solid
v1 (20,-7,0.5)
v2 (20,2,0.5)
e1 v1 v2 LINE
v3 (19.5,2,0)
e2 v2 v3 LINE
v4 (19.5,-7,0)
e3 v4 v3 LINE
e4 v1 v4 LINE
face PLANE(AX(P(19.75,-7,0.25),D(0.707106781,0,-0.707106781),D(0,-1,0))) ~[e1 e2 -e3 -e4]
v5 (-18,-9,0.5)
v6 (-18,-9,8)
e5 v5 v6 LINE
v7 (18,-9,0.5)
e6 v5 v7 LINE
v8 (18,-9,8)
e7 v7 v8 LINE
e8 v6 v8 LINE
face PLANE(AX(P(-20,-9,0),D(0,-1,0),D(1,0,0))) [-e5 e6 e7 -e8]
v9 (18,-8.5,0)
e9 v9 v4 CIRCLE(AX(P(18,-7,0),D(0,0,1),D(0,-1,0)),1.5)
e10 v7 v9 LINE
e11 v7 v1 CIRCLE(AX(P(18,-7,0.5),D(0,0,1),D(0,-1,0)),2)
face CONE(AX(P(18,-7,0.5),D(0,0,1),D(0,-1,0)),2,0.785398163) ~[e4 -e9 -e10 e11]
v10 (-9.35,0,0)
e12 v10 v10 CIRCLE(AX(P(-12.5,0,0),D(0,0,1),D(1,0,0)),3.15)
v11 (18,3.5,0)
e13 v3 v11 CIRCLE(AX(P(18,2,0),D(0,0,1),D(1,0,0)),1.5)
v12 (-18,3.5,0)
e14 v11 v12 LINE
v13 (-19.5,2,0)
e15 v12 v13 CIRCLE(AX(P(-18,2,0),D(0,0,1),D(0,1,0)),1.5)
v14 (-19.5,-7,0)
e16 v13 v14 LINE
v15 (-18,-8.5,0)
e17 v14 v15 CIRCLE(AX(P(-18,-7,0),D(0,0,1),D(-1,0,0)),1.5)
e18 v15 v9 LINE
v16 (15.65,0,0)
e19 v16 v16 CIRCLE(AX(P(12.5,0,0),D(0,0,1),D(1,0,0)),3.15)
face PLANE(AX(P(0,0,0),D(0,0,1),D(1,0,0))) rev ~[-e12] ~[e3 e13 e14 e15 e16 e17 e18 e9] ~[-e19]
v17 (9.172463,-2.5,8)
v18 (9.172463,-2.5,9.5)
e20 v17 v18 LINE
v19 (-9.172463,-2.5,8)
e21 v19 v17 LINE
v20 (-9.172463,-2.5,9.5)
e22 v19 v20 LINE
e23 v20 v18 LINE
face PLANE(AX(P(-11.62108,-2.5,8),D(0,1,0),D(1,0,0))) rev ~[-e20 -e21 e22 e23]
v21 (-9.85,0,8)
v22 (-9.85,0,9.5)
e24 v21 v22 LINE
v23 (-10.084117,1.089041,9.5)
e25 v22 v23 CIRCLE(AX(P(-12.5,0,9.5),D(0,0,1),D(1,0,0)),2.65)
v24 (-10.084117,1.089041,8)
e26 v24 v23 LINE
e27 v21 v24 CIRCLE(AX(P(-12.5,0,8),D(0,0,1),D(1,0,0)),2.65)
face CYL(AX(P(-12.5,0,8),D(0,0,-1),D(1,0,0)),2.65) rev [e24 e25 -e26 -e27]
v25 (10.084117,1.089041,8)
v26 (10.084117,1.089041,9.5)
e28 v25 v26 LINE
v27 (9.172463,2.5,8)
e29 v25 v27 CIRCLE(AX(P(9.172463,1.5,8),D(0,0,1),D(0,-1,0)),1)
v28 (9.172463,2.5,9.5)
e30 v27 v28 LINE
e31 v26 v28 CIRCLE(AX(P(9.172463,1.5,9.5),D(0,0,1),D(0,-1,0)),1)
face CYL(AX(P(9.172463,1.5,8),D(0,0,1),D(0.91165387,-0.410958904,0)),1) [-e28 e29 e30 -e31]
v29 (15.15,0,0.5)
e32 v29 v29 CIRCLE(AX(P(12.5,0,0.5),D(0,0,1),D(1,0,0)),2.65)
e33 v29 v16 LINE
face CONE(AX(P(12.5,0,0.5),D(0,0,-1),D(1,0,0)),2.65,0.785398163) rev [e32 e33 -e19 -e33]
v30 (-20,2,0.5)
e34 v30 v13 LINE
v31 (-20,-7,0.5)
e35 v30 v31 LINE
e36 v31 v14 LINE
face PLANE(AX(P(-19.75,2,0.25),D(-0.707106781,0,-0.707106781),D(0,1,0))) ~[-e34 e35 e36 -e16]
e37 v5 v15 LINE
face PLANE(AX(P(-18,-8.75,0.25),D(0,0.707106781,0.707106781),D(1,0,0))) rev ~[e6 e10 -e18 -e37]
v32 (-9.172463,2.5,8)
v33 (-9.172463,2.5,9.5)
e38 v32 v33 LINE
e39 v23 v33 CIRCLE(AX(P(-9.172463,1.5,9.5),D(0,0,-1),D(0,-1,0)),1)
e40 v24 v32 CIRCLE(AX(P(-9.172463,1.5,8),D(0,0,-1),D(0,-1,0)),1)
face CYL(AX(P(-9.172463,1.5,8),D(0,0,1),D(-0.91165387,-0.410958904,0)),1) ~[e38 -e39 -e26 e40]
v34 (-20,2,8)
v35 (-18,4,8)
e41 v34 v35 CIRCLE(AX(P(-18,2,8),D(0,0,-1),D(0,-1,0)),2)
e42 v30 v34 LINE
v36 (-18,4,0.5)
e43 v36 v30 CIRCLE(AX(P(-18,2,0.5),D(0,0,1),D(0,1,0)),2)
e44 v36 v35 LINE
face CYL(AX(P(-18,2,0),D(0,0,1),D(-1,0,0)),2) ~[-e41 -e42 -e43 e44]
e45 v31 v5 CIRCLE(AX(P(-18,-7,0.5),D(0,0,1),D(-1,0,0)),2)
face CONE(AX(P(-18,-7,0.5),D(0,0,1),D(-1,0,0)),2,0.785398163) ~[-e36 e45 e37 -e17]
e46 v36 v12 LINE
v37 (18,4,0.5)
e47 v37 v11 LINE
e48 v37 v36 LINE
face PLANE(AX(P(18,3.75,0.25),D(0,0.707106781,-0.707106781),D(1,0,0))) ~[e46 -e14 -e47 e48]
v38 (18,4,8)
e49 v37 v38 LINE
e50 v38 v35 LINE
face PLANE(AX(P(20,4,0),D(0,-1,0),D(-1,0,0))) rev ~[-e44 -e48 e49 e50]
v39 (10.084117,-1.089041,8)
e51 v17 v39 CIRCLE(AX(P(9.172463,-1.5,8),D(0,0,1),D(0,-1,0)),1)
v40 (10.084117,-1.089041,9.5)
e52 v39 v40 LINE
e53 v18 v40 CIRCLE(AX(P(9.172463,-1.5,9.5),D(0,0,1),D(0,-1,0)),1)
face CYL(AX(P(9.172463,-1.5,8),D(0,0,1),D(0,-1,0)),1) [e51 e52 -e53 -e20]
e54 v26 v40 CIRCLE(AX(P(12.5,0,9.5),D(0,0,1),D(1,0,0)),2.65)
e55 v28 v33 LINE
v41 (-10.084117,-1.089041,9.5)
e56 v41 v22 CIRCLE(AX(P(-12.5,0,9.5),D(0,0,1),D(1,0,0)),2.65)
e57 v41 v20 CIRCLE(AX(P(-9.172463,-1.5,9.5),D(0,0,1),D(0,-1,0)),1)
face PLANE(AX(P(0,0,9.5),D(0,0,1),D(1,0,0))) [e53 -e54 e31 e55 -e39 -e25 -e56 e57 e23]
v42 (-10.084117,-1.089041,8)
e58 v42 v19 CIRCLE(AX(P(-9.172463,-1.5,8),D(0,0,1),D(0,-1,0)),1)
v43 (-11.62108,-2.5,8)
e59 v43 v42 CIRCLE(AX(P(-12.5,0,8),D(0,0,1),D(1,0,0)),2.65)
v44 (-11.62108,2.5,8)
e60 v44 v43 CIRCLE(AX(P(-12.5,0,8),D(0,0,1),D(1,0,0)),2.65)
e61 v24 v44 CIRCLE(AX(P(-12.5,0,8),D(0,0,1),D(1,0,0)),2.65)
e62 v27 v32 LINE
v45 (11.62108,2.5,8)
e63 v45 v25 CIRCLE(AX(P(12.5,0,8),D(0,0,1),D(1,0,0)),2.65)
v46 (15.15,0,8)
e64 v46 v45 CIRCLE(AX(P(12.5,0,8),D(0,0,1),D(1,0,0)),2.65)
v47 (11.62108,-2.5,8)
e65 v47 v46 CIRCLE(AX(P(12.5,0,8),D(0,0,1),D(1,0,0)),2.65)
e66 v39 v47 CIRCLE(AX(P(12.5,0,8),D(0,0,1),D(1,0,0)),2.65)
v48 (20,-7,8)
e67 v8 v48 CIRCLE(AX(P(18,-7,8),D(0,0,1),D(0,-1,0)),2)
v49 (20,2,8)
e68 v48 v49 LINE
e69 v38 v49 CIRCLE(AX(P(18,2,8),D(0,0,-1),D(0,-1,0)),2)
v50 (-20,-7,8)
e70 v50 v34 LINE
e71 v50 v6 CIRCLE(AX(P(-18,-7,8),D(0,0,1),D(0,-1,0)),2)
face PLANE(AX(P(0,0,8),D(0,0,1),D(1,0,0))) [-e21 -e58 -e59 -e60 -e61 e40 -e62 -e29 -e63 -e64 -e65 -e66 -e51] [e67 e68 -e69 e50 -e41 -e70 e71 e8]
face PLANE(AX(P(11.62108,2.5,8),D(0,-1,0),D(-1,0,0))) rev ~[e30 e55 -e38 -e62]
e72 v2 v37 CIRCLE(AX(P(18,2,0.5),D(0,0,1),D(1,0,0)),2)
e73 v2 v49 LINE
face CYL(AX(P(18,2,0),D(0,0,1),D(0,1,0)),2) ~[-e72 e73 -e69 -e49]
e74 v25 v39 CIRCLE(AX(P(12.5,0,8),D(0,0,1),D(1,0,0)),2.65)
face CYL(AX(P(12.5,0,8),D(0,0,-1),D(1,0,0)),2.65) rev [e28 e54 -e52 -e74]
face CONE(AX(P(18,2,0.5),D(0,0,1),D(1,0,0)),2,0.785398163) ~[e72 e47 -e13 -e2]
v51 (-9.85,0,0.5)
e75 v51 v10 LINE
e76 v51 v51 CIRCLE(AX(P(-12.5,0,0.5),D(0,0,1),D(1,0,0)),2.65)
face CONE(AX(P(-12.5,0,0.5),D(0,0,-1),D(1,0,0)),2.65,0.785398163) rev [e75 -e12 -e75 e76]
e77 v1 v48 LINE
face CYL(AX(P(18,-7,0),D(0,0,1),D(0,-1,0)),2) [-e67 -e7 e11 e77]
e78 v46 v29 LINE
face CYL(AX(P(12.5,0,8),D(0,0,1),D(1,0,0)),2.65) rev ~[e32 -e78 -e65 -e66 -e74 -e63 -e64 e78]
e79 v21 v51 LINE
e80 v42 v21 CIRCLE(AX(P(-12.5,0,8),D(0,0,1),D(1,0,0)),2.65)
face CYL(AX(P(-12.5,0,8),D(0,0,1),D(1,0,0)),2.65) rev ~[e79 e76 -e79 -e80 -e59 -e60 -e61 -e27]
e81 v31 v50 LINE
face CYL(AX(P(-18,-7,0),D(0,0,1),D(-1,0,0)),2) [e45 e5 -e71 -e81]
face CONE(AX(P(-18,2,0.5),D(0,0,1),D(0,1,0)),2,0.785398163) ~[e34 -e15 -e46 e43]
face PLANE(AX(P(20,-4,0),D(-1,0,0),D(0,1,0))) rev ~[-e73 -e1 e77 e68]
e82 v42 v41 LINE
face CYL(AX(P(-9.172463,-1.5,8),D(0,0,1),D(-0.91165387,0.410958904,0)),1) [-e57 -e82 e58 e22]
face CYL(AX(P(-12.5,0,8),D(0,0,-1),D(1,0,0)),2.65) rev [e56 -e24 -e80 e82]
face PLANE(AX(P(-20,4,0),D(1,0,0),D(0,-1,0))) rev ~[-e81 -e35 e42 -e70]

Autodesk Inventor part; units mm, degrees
ref_plane "YZ Plane" through (0, 0, 0) normal (1, 0, 0) x (0, 1, 0)
ref_plane "XZ Plane" through (0, 0, 0) normal (0, 1, 0) x (-1, 0, 0)
ref_plane "XY Plane" through (0, 0, 0) normal (0, 0, 1) x (1, 0, 0)
sketch "Sketch1" plane through (0, 0, 0) normal (0, 0, 1) x (1, 0, 0)
  line L0 (-20, -4) -> (20, -4)
  line L1 (20, -4) -> (20, 4)
  line L2 (20, 4) -> (-20, 4)
  line L3 (-20, 4) -> (-20, -4)
  line L4 (-20, -4) -> (20, 4) construction
  line L5 (20, -4) -> (-20, 4) construction
  point P0 (0, 0)
  dimension "d0" = 8
  dimension "d1" = 40
extrude "Extrusion1" add sketch "Sketch1" along normal blind 8
sketch "Sketch2" plane through (-20, -4, 0) normal (0, -1, 0) x (1, 0, 0)
  line L0 (0, 0) -> (40, 0) projected
  line L1 (40, 0) -> (40, 8) projected
  line L2 (0, 8) -> (40, 8) projected
  line L3 (0, 0) -> (0, 8) projected
  point P0 (20, 0)
extrude "Extrusion2" add sketch "Sketch2" along normal blind 5
sketch "Sketch3" plane through (0, 0, 8) normal (0, 0, 1) x (1, 0, 0)
  line L0 (-15, -3) -> (15, -3) construction
  line L1 (15, -3) -> (15, 3) construction
  line L2 (15, 3) -> (-15, 3) construction
  line L3 (-15, 3) -> (-15, -3) construction
  line L4 (-15, -3) -> (15, 3) construction
  line L5 (15, -3) -> (-15, 3) construction
  line L6 (-28, 0) -> (28, 0) construction
  circle A0 centre (-12.5, 0) radius 2.65
  line L7 (0, 6.6) -> (0, -11.6) construction
  line L8 (15, 3) -> (15, -3) construction
  circle A1 centre (12.5, 0) radius 2.65
  point P0 (0, 0)
  dimension "d6" = 6
  dimension "d7" = 30
  dimension "d8" = 5.3
  dimension "d20" = 25
extrude "Extrusion3" cut sketch "Sketch3" against normal through all
sketch "Sketch4" plane through (0, 0, 8) normal (0, 0, 1) x (1, 0, 0)
  line L0 (-13, -2.5) -> (13, -2.5)
  line L1 (13, -2.5) -> (13, 2.5)
  line L2 (13, 2.5) -> (-13, 2.5)
  line L3 (-13, 2.5) -> (-13, -2.5)
  line L4 (-13, -2.5) -> (13, 2.5) construction
  line L5 (13, -2.5) -> (-13, 2.5) construction
  circle A0 centre (-12.5, 0) radius 2.65 projected
  circle A1 centre (12.5, 0) radius 2.65 projected
  point P0 (0, 0)
  point P1 (-8.1211, 2.5)
  point P2 (-8.1211, -2.5)
  point P3 (-11.6211, -2.5)
  point P4 (-11.6211, 2.5)
  point P5 (11.6211, -2.5)
  point P6 (11.6211, 2.5)
  dimension "d11" = 26
  dimension "d12" = 5
extrude "Extrusion4" add sketch "Sketch4" along normal blind 1.5 contours A0 L2 A1 L0
fillet "Fillet1" radius 1 4 edges at (-11.6211, -2.5, 8.75) (-11.6211, 2.5, 8.75) (11.6211, -2.5, 8.75) (11.6211, 2.5, 8.75)
fillet "Fillet2" radius 2 4 edges at (-20, -9, 4) (-20, 4, 4) (20, -9, 4) (20, 4, 4)
chamfer "Chamfer1" distance 0.5 angle 45 6 edges at (0, -9, 0) (20, -2.5, 0) (0, 4, 0) (-20, -2.5, 0) (-15.15, 0, 0) (9.85, 0, 0)
properties part number "_3DPrint"
